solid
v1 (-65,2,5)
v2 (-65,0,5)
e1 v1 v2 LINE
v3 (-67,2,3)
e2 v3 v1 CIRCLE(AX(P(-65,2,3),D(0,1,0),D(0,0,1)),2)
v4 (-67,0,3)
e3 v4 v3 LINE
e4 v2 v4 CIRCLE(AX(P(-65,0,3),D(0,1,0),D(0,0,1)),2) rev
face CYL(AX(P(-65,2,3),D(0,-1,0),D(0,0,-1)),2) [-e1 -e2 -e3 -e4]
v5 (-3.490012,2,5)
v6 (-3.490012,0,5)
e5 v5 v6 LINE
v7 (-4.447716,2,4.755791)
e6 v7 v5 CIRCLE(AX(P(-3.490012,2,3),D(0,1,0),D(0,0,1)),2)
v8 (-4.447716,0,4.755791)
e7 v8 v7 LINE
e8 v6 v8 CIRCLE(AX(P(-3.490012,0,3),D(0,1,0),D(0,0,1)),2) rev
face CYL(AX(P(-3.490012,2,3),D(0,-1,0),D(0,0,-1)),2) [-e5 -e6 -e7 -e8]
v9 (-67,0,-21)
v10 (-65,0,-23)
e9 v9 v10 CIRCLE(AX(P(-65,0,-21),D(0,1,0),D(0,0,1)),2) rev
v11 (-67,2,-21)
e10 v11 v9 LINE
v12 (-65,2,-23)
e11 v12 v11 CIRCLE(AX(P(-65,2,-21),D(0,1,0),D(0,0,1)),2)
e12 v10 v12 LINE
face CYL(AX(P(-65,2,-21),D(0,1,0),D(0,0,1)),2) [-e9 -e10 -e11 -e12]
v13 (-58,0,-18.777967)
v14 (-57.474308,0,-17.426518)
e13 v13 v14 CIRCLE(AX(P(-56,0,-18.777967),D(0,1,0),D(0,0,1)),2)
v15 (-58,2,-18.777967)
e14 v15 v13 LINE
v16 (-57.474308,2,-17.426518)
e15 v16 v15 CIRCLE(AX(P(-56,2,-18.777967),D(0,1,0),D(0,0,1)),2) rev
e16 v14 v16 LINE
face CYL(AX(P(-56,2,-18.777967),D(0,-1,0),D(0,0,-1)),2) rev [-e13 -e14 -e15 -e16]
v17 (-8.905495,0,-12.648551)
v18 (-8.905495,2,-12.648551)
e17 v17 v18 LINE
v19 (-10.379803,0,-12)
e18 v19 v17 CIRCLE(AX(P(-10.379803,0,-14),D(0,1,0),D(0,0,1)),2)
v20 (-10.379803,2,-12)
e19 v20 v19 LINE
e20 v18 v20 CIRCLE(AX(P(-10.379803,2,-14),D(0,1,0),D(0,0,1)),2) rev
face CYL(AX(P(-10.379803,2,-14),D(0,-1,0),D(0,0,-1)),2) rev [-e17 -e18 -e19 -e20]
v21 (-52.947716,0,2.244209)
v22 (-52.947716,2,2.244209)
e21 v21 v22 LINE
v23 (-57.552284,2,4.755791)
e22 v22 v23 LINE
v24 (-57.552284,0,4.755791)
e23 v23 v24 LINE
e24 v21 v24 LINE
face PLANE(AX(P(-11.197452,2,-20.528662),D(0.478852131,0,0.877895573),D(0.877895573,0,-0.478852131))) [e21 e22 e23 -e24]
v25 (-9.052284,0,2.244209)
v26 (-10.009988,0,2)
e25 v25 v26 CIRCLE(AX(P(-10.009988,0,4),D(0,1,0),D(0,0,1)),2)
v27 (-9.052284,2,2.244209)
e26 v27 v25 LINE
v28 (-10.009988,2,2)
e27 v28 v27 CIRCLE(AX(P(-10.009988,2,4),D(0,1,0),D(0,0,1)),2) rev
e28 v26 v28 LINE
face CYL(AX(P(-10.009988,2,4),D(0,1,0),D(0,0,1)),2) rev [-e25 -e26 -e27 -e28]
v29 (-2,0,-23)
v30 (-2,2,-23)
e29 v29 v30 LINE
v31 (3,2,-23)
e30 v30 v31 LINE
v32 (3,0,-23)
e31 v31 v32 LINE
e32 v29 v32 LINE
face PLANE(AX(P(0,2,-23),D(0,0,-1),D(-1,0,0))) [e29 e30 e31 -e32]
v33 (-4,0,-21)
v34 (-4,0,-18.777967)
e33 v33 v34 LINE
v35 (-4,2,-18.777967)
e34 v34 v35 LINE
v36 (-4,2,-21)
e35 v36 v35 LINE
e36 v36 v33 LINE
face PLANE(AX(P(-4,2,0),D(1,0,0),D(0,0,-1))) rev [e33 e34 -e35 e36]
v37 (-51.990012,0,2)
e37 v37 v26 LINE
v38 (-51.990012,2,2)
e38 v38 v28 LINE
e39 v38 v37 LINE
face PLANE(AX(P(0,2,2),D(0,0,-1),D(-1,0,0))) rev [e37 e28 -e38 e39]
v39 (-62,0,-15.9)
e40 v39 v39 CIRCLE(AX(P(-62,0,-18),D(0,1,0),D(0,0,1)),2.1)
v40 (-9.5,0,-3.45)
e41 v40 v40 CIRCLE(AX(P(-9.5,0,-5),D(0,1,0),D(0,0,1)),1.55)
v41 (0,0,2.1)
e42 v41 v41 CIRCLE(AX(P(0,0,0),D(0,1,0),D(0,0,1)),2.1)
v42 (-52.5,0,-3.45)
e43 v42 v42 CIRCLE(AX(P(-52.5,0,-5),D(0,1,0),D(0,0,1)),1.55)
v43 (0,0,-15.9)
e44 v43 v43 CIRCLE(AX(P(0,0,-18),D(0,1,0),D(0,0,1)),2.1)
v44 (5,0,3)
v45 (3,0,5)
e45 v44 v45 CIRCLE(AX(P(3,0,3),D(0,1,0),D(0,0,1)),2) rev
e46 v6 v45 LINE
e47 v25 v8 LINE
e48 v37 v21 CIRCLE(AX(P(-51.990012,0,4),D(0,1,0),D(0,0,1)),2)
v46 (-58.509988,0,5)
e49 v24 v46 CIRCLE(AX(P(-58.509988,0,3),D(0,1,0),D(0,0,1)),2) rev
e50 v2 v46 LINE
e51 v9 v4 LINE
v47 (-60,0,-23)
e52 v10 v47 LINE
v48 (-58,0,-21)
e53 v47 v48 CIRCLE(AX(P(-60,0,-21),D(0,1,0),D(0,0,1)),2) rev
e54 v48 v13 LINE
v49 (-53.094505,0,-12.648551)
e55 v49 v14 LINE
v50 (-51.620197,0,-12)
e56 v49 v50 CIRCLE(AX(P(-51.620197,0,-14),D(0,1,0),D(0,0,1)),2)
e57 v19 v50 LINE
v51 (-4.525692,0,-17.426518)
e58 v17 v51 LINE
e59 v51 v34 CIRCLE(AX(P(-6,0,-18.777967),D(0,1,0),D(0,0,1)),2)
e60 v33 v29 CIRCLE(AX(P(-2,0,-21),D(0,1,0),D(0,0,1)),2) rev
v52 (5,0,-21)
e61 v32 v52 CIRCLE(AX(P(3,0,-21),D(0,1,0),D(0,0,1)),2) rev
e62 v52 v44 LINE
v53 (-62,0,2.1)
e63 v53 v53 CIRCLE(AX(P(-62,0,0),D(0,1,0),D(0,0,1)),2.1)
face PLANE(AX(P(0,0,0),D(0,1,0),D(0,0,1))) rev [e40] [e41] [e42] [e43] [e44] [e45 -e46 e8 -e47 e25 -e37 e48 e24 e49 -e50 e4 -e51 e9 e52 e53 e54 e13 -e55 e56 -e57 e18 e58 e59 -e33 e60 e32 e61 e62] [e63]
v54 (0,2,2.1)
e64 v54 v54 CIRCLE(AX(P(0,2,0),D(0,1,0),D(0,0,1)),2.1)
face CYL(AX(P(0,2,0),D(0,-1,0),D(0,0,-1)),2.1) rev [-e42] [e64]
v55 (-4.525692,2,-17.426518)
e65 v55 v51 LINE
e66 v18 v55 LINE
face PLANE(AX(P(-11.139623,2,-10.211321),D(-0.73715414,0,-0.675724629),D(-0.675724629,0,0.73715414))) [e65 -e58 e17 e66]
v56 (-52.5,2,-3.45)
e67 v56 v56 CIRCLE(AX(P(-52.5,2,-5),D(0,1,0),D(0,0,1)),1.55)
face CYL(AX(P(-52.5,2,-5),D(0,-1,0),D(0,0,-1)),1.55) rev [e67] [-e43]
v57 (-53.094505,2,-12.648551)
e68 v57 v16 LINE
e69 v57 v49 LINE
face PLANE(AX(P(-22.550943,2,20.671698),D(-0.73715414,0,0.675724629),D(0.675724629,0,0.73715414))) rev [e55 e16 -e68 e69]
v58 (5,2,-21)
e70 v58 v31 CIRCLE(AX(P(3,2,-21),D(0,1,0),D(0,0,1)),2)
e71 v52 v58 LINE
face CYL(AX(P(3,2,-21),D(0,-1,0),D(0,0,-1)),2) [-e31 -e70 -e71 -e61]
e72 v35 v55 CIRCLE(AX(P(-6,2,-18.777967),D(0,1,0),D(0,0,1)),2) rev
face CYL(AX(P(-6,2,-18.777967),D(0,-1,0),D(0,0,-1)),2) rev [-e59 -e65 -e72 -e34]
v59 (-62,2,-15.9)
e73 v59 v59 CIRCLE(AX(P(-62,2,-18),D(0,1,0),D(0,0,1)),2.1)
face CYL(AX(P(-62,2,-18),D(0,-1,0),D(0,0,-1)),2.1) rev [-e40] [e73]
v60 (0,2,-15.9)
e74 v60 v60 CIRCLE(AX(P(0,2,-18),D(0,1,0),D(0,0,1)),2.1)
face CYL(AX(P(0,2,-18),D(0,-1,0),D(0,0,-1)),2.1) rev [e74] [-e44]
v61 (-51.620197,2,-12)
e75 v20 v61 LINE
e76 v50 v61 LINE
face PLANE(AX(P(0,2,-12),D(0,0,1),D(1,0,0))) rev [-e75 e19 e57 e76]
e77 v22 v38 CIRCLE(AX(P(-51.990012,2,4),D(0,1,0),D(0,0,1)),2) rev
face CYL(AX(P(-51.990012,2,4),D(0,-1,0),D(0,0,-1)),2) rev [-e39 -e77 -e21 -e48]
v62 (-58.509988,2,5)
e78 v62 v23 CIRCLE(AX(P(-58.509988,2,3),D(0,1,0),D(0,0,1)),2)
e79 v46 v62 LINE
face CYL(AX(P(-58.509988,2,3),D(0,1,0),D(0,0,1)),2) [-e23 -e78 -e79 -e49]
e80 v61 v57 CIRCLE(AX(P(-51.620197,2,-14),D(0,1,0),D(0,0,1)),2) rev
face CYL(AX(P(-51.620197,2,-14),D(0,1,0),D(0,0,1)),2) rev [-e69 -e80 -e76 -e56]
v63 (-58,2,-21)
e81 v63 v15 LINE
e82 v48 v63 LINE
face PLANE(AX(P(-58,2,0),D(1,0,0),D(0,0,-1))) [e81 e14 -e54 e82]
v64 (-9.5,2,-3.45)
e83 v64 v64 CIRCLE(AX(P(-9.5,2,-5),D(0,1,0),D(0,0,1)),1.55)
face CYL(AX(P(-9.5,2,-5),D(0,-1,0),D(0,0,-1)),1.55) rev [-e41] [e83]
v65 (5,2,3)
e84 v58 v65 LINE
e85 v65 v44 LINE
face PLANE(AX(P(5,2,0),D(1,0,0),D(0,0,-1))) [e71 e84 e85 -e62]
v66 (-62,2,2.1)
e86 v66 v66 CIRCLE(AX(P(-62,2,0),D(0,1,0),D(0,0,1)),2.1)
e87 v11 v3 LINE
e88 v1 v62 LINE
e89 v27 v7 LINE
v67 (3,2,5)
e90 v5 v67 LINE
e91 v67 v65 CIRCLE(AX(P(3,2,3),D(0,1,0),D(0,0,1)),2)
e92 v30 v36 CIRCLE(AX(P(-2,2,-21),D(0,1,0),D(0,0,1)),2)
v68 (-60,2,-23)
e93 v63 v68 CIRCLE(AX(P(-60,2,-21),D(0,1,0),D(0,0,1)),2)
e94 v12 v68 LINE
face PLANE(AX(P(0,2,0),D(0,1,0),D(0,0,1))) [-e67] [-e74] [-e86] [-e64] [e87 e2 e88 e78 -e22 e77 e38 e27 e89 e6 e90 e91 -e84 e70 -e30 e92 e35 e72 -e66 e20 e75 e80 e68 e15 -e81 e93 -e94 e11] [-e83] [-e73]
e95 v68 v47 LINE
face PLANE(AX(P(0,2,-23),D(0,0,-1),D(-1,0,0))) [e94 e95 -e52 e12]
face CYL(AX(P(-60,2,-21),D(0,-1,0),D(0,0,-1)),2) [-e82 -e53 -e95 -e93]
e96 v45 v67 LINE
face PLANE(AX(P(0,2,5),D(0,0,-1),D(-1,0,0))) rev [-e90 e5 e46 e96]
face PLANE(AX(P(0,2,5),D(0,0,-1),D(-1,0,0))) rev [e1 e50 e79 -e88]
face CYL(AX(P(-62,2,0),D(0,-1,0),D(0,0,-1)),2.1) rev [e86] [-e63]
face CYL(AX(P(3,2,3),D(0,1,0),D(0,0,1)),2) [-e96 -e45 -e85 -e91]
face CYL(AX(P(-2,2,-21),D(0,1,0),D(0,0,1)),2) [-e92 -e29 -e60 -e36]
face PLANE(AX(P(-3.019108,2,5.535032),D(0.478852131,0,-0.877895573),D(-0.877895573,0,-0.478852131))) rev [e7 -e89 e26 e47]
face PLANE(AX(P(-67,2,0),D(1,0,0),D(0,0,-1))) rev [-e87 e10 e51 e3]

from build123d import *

# Parameters (mm, degrees)
SKETCH1_R           = 2.1
SKETCH1_R_2         = 1.55
BOSS_EXTRUDE1_DEPTH = 2
FILLET1_R           = 2


with BuildPart() as part:
    # Sketch1 → Boss-Extrude1 (new body)
    with BuildSketch(Plane(origin=(0, 0, 0), x_dir=(1, 0, 0), z_dir=(0, 1, 0))):
        Polygon((-67, -5), (-58, -5), (-52.5, -2), (-9.5, -2), (-4, -5), (5, -5), (5, 23), (-4, 23), (-4, 18), (-9.5, 12), (-52.5, 12), (-58, 18), (-58, 23), (-67, 23), align=None)
        Circle(SKETCH1_R, mode=Mode.SUBTRACT)
        with Locations((0, 18)):
            Circle(SKETCH1_R, mode=Mode.SUBTRACT)
        with Locations((-62, 18)):
            Circle(SKETCH1_R, mode=Mode.SUBTRACT)
        with Locations((-62, 0)):
            Circle(SKETCH1_R, mode=Mode.SUBTRACT)
        with Locations((-9.5, 5)):
            Circle(SKETCH1_R_2, mode=Mode.SUBTRACT)
        with Locations((-52.5, 5)):
            Circle(SKETCH1_R_2, mode=Mode.SUBTRACT)
    extrude(amount=BOSS_EXTRUDE1_DEPTH)

    # Fillet1
    fillet1_edges = [part.edges().sort_by_distance(p)[0] for p in [
        (-4, 1, 5),
        (-9.5, 1, 2),
        (-52.5, 1, 2),
        (-58, 1, 5),
        (-67, 1, 5),
        (-67, 1, -23),
        (-58, 1, -23),
        (-58, 1, -18),
        (-52.5, 1, -12),
        (-9.5, 1, -12),
        (-4, 1, -18),
        (-4, 1, -23),
        (5, 1, -23),
        (5, 1, 5),
    ]]
    fillet(fillet1_edges, radius=FILLET1_R)


solid = part.part
